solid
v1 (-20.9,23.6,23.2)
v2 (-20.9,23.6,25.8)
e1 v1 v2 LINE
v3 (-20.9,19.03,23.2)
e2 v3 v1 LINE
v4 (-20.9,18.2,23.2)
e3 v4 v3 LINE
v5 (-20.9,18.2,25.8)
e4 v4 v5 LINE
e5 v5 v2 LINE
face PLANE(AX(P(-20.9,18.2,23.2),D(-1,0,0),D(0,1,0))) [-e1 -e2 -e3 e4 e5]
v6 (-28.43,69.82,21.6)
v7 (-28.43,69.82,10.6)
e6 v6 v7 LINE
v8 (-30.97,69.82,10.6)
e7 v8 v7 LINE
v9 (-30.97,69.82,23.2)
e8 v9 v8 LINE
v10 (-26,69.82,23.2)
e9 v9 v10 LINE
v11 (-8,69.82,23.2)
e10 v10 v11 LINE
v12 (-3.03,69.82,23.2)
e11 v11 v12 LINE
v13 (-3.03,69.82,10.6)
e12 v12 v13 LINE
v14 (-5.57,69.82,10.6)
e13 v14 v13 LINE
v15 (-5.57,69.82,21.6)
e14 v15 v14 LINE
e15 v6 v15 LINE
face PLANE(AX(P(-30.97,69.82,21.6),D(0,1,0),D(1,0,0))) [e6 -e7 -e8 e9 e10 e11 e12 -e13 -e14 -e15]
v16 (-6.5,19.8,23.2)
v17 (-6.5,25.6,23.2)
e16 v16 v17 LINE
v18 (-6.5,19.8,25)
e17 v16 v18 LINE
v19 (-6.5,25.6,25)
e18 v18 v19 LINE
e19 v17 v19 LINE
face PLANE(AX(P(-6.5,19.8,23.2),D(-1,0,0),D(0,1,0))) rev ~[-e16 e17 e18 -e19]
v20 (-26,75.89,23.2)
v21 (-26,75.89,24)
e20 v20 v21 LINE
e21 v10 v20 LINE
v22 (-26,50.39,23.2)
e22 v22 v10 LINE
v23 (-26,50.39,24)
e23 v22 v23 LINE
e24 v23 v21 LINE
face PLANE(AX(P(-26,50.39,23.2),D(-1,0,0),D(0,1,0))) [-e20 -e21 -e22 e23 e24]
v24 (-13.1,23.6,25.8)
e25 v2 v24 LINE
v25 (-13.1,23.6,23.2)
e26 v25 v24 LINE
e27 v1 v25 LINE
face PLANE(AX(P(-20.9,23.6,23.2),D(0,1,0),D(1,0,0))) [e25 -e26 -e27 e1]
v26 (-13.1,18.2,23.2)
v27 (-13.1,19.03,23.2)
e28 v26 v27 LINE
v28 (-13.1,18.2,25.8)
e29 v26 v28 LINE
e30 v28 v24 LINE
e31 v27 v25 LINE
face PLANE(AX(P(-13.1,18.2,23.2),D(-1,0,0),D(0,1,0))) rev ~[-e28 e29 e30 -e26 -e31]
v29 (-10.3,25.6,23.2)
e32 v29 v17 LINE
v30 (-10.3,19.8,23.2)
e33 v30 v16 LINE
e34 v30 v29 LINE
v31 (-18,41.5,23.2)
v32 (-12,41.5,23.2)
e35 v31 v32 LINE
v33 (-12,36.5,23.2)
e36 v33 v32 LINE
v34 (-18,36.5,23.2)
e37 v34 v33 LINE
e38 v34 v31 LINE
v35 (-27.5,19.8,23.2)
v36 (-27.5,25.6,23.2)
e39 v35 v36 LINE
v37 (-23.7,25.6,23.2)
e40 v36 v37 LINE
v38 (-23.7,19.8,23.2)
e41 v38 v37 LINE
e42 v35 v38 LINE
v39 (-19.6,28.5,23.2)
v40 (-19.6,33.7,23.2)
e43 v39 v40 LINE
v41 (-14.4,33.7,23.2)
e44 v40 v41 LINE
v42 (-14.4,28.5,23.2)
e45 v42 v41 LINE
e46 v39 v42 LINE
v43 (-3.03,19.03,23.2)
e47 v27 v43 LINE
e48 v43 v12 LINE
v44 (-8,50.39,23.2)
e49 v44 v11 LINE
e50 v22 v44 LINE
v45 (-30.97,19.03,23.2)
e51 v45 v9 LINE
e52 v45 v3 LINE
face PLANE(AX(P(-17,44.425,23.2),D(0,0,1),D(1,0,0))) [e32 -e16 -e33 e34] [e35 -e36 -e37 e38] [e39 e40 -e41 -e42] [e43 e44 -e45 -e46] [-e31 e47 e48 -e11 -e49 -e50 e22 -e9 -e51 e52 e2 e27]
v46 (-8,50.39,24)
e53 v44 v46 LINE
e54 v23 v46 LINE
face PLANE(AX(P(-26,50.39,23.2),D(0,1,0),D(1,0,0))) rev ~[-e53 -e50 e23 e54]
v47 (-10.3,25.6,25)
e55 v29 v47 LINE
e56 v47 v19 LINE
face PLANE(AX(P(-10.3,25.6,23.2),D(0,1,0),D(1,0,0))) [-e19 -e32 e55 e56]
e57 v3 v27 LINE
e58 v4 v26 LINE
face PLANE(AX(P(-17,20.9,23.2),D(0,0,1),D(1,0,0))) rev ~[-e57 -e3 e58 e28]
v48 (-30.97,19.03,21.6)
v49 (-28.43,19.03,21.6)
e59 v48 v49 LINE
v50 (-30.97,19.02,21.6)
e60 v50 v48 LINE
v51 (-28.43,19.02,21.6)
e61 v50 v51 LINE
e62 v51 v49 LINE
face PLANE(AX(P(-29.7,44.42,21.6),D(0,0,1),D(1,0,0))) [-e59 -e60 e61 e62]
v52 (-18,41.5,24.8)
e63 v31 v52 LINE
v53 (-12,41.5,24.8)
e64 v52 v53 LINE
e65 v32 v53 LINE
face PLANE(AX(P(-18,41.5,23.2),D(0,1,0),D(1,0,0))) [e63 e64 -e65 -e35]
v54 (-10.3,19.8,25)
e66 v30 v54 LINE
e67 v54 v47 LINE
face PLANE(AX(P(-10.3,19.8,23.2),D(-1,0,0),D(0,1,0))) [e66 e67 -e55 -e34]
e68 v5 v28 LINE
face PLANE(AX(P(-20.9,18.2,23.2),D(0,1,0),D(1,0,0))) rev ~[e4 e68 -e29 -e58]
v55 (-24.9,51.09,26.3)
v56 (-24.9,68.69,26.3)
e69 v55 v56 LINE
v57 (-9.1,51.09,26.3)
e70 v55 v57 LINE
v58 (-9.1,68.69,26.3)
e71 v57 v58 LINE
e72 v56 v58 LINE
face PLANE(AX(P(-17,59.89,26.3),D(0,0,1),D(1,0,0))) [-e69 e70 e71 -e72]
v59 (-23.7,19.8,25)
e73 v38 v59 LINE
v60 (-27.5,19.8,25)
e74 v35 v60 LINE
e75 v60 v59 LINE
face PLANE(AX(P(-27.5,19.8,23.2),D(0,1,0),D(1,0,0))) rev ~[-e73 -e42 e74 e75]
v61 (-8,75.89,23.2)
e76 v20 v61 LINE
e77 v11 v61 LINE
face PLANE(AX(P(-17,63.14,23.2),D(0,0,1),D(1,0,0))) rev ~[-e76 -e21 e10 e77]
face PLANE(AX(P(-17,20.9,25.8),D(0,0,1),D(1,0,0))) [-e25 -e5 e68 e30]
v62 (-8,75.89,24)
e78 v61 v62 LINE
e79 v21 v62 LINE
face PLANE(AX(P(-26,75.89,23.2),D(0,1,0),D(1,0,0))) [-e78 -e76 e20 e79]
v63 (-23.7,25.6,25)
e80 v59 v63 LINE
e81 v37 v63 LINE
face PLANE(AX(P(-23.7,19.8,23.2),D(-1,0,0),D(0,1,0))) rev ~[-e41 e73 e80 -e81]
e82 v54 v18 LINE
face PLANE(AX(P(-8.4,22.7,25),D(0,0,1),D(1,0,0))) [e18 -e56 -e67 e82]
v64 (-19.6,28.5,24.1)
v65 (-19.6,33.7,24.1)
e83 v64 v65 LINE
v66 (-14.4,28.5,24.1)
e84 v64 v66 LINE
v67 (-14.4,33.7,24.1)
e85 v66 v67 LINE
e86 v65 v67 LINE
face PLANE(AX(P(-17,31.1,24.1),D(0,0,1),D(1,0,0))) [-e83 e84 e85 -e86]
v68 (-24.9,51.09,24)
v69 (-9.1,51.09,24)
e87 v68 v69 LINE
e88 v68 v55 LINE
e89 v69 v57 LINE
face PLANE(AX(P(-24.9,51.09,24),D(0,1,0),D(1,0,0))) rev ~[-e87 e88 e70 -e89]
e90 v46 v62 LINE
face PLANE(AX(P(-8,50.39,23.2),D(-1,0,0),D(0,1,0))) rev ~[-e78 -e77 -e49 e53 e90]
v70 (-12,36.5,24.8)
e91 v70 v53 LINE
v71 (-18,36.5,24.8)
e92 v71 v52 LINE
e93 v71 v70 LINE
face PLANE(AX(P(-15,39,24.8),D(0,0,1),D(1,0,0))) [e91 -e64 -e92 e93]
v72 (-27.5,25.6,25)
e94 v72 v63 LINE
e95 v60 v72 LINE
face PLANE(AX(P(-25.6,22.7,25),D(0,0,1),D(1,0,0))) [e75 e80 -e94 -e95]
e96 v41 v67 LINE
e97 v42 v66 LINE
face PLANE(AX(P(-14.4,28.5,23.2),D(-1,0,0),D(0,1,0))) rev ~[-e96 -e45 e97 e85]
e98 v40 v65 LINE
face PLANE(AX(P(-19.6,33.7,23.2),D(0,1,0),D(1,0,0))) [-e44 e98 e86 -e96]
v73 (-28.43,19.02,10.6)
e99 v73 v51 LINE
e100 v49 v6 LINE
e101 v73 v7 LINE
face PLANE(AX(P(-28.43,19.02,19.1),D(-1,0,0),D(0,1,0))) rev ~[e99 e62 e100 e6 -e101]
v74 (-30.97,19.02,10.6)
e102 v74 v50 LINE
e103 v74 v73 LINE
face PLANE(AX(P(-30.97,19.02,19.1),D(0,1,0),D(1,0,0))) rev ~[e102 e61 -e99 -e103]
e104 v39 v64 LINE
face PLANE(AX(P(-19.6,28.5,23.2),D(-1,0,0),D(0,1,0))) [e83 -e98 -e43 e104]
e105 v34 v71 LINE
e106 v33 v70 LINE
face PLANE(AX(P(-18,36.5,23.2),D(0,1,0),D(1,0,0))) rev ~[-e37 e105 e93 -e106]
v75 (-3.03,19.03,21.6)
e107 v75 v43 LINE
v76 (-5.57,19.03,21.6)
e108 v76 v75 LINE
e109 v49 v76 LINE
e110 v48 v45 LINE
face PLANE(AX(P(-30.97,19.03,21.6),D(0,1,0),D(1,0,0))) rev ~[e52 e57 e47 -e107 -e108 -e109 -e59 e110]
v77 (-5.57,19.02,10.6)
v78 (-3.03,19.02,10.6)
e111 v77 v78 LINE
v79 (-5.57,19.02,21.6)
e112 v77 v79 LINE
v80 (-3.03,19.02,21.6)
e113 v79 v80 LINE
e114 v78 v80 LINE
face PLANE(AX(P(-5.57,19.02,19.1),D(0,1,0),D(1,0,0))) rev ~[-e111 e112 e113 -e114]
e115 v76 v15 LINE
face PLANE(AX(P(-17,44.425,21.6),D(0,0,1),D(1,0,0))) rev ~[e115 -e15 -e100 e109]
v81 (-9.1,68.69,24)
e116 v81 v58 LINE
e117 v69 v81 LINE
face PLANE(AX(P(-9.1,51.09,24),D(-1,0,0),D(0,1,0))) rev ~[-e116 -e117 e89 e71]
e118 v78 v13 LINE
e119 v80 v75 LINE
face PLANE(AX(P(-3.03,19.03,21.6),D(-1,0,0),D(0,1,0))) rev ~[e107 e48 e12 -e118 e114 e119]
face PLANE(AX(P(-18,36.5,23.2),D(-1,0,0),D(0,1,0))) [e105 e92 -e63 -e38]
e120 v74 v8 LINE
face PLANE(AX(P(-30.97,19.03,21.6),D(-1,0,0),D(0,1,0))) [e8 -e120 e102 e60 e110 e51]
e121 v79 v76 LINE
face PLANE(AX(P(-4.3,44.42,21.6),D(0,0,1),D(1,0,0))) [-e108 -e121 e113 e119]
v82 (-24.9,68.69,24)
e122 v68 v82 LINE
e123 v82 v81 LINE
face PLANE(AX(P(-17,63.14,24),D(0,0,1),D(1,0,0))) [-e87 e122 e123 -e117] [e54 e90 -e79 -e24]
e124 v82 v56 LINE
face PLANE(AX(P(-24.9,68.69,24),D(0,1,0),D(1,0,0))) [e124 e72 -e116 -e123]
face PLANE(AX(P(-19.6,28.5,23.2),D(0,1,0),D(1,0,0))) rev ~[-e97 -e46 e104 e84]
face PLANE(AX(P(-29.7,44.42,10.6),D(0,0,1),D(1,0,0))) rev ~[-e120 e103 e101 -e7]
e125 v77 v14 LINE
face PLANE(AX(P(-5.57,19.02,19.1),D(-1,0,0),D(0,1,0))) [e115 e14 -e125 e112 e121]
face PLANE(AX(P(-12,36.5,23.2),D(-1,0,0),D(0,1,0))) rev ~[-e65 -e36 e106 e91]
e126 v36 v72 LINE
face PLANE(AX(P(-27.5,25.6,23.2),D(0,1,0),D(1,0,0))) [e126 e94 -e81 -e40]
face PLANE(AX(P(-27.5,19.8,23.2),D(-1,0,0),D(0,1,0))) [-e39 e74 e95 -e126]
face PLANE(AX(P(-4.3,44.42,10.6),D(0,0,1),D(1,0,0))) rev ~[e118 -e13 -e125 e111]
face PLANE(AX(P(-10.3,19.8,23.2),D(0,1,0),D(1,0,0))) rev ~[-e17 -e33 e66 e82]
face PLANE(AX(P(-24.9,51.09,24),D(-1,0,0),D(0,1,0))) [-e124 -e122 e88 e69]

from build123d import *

# Parameters (mm, degrees)
SKETCH1_W            = 2.54
SKETCH1_H            = 50.8
BOSS_EXTRUDE1_DEPTH  = 8.5
SKETCH2_W            = 2.54
SKETCH2_H            = 50.8
BOSS_EXTRUDE2_DEPTH  = 2.5
SKETCH3_W            = 2.54
SKETCH3_H            = 50.8
BOSS_EXTRUDE3_DEPTH  = 8.5
SKETCH4_W            = 2.54
SKETCH4_H            = 50.8
BOSS_EXTRUDE4_DEPTH  = 2.5
SKETCH5_W            = 27.94
SKETCH5_H            = 50.79
BOSS_EXTRUDE5_DEPTH  = 1.6
SKETCH6_W            = 18
SKETCH6_H            = 25.5
BOSS_EXTRUDE6_DEPTH  = 0.8
SKETCH7_W            = 15.8
SKETCH7_H            = 17.6
BOSS_EXTRUDE7_DEPTH  = 2.3
SKETCH8_W            = 7.8
SKETCH8_H            = 5.4
BOSS_EXTRUDE8_DEPTH  = 2.6
SKETCH9_W            = 3.8
SKETCH9_H            = 5.8
BOSS_EXTRUDE9_DEPTH  = 1.8
SKETCH10_W           = 3.8
SKETCH10_H           = 5.8
BOSS_EXTRUDE10_DEPTH = 1.8
SKETCH11_W           = 5.2
SKETCH11_H           = 5.2
BOSS_EXTRUDE11_DEPTH = 0.9
SKETCH12_W           = 6
SKETCH12_H           = 5
BOSS_EXTRUDE12_DEPTH = 1.6


with BuildPart() as part:
    # Sketch1 → Boss-Extrude1 (new body)
    with BuildSketch(Plane.XY.offset(10.6)):
        with Locations((-29.7, 44.42)):
            Rectangle(SKETCH1_W, SKETCH1_H)
    extrude(amount=BOSS_EXTRUDE1_DEPTH)

    # Sketch2 → Boss-Extrude2 (add)
    with BuildSketch(Plane.XY.offset(19.1)):
        with Locations((-29.7, 44.42)):
            Rectangle(SKETCH2_W, SKETCH2_H)
    extrude(amount=BOSS_EXTRUDE2_DEPTH)



with BuildPart() as body_2:
    # Sketch3 → Boss-Extrude3 (new body)
    with BuildSketch(Plane.XY.offset(10.6)):
        with Locations((-4.3, 44.42)):
            Rectangle(SKETCH3_W, SKETCH3_H)
    extrude(amount=BOSS_EXTRUDE3_DEPTH)

    # Sketch4 → Boss-Extrude4 (add)
    with BuildSketch(Plane.XY.offset(19.1)):
        with Locations((-4.3, 44.42)):
            Rectangle(SKETCH4_W, SKETCH4_H)
    extrude(amount=BOSS_EXTRUDE4_DEPTH)


with BuildPart() as part_1:
    add(part.part)

    add(body_2.part)  # Boss-Extrude5 merges body 2
    # Sketch5 → Boss-Extrude5 (add)
    with BuildSketch(Plane.XY.offset(21.6)):
        with Locations((-17, 44.425)):
            Rectangle(SKETCH5_W, SKETCH5_H)
    extrude(amount=BOSS_EXTRUDE5_DEPTH)

    # Sketch6 → Boss-Extrude6 (add)
    with BuildSketch(Plane.XY.offset(23.2)):
        with Locations((-17, 63.14)):
            Rectangle(SKETCH6_W, SKETCH6_H)
    extrude(amount=BOSS_EXTRUDE6_DEPTH)

    # Sketch7 → Boss-Extrude7 (add)
    with BuildSketch(Plane.XY.offset(24)):
        with Locations((-17, 59.89)):
            Rectangle(SKETCH7_W, SKETCH7_H)
    extrude(amount=BOSS_EXTRUDE7_DEPTH)

    # Sketch8 → Boss-Extrude8 (add)
    with BuildSketch(Plane.XY.offset(23.2)):
        with Locations((-17, 20.9)):
            Rectangle(SKETCH8_W, SKETCH8_H)
    extrude(amount=BOSS_EXTRUDE8_DEPTH)

    # Sketch9 → Boss-Extrude9 (add)
    with BuildSketch(Plane.XY.offset(23.2)):
        with Locations((-25.6, 22.7)):
            Rectangle(SKETCH9_W, SKETCH9_H)
    extrude(amount=BOSS_EXTRUDE9_DEPTH)

    # Sketch10 → Boss-Extrude10 (add)
    with BuildSketch(Plane.XY.offset(23.2)):
        with Locations((-8.4, 22.7)):
            Rectangle(SKETCH10_W, SKETCH10_H)
    extrude(amount=BOSS_EXTRUDE10_DEPTH)

    # Sketch11 → Boss-Extrude11 (add)
    with BuildSketch(Plane.XY.offset(23.2)):
        with Locations((-17, 31.1)):
            Rectangle(SKETCH11_W, SKETCH11_H)
    extrude(amount=BOSS_EXTRUDE11_DEPTH)

    # Sketch12 → Boss-Extrude12 (add)
    with BuildSketch(Plane.XY.offset(23.2)):
        with Locations((-15, 39)):
            Rectangle(SKETCH12_W, SKETCH12_H)
    extrude(amount=BOSS_EXTRUDE12_DEPTH)


solid = part_1.part
